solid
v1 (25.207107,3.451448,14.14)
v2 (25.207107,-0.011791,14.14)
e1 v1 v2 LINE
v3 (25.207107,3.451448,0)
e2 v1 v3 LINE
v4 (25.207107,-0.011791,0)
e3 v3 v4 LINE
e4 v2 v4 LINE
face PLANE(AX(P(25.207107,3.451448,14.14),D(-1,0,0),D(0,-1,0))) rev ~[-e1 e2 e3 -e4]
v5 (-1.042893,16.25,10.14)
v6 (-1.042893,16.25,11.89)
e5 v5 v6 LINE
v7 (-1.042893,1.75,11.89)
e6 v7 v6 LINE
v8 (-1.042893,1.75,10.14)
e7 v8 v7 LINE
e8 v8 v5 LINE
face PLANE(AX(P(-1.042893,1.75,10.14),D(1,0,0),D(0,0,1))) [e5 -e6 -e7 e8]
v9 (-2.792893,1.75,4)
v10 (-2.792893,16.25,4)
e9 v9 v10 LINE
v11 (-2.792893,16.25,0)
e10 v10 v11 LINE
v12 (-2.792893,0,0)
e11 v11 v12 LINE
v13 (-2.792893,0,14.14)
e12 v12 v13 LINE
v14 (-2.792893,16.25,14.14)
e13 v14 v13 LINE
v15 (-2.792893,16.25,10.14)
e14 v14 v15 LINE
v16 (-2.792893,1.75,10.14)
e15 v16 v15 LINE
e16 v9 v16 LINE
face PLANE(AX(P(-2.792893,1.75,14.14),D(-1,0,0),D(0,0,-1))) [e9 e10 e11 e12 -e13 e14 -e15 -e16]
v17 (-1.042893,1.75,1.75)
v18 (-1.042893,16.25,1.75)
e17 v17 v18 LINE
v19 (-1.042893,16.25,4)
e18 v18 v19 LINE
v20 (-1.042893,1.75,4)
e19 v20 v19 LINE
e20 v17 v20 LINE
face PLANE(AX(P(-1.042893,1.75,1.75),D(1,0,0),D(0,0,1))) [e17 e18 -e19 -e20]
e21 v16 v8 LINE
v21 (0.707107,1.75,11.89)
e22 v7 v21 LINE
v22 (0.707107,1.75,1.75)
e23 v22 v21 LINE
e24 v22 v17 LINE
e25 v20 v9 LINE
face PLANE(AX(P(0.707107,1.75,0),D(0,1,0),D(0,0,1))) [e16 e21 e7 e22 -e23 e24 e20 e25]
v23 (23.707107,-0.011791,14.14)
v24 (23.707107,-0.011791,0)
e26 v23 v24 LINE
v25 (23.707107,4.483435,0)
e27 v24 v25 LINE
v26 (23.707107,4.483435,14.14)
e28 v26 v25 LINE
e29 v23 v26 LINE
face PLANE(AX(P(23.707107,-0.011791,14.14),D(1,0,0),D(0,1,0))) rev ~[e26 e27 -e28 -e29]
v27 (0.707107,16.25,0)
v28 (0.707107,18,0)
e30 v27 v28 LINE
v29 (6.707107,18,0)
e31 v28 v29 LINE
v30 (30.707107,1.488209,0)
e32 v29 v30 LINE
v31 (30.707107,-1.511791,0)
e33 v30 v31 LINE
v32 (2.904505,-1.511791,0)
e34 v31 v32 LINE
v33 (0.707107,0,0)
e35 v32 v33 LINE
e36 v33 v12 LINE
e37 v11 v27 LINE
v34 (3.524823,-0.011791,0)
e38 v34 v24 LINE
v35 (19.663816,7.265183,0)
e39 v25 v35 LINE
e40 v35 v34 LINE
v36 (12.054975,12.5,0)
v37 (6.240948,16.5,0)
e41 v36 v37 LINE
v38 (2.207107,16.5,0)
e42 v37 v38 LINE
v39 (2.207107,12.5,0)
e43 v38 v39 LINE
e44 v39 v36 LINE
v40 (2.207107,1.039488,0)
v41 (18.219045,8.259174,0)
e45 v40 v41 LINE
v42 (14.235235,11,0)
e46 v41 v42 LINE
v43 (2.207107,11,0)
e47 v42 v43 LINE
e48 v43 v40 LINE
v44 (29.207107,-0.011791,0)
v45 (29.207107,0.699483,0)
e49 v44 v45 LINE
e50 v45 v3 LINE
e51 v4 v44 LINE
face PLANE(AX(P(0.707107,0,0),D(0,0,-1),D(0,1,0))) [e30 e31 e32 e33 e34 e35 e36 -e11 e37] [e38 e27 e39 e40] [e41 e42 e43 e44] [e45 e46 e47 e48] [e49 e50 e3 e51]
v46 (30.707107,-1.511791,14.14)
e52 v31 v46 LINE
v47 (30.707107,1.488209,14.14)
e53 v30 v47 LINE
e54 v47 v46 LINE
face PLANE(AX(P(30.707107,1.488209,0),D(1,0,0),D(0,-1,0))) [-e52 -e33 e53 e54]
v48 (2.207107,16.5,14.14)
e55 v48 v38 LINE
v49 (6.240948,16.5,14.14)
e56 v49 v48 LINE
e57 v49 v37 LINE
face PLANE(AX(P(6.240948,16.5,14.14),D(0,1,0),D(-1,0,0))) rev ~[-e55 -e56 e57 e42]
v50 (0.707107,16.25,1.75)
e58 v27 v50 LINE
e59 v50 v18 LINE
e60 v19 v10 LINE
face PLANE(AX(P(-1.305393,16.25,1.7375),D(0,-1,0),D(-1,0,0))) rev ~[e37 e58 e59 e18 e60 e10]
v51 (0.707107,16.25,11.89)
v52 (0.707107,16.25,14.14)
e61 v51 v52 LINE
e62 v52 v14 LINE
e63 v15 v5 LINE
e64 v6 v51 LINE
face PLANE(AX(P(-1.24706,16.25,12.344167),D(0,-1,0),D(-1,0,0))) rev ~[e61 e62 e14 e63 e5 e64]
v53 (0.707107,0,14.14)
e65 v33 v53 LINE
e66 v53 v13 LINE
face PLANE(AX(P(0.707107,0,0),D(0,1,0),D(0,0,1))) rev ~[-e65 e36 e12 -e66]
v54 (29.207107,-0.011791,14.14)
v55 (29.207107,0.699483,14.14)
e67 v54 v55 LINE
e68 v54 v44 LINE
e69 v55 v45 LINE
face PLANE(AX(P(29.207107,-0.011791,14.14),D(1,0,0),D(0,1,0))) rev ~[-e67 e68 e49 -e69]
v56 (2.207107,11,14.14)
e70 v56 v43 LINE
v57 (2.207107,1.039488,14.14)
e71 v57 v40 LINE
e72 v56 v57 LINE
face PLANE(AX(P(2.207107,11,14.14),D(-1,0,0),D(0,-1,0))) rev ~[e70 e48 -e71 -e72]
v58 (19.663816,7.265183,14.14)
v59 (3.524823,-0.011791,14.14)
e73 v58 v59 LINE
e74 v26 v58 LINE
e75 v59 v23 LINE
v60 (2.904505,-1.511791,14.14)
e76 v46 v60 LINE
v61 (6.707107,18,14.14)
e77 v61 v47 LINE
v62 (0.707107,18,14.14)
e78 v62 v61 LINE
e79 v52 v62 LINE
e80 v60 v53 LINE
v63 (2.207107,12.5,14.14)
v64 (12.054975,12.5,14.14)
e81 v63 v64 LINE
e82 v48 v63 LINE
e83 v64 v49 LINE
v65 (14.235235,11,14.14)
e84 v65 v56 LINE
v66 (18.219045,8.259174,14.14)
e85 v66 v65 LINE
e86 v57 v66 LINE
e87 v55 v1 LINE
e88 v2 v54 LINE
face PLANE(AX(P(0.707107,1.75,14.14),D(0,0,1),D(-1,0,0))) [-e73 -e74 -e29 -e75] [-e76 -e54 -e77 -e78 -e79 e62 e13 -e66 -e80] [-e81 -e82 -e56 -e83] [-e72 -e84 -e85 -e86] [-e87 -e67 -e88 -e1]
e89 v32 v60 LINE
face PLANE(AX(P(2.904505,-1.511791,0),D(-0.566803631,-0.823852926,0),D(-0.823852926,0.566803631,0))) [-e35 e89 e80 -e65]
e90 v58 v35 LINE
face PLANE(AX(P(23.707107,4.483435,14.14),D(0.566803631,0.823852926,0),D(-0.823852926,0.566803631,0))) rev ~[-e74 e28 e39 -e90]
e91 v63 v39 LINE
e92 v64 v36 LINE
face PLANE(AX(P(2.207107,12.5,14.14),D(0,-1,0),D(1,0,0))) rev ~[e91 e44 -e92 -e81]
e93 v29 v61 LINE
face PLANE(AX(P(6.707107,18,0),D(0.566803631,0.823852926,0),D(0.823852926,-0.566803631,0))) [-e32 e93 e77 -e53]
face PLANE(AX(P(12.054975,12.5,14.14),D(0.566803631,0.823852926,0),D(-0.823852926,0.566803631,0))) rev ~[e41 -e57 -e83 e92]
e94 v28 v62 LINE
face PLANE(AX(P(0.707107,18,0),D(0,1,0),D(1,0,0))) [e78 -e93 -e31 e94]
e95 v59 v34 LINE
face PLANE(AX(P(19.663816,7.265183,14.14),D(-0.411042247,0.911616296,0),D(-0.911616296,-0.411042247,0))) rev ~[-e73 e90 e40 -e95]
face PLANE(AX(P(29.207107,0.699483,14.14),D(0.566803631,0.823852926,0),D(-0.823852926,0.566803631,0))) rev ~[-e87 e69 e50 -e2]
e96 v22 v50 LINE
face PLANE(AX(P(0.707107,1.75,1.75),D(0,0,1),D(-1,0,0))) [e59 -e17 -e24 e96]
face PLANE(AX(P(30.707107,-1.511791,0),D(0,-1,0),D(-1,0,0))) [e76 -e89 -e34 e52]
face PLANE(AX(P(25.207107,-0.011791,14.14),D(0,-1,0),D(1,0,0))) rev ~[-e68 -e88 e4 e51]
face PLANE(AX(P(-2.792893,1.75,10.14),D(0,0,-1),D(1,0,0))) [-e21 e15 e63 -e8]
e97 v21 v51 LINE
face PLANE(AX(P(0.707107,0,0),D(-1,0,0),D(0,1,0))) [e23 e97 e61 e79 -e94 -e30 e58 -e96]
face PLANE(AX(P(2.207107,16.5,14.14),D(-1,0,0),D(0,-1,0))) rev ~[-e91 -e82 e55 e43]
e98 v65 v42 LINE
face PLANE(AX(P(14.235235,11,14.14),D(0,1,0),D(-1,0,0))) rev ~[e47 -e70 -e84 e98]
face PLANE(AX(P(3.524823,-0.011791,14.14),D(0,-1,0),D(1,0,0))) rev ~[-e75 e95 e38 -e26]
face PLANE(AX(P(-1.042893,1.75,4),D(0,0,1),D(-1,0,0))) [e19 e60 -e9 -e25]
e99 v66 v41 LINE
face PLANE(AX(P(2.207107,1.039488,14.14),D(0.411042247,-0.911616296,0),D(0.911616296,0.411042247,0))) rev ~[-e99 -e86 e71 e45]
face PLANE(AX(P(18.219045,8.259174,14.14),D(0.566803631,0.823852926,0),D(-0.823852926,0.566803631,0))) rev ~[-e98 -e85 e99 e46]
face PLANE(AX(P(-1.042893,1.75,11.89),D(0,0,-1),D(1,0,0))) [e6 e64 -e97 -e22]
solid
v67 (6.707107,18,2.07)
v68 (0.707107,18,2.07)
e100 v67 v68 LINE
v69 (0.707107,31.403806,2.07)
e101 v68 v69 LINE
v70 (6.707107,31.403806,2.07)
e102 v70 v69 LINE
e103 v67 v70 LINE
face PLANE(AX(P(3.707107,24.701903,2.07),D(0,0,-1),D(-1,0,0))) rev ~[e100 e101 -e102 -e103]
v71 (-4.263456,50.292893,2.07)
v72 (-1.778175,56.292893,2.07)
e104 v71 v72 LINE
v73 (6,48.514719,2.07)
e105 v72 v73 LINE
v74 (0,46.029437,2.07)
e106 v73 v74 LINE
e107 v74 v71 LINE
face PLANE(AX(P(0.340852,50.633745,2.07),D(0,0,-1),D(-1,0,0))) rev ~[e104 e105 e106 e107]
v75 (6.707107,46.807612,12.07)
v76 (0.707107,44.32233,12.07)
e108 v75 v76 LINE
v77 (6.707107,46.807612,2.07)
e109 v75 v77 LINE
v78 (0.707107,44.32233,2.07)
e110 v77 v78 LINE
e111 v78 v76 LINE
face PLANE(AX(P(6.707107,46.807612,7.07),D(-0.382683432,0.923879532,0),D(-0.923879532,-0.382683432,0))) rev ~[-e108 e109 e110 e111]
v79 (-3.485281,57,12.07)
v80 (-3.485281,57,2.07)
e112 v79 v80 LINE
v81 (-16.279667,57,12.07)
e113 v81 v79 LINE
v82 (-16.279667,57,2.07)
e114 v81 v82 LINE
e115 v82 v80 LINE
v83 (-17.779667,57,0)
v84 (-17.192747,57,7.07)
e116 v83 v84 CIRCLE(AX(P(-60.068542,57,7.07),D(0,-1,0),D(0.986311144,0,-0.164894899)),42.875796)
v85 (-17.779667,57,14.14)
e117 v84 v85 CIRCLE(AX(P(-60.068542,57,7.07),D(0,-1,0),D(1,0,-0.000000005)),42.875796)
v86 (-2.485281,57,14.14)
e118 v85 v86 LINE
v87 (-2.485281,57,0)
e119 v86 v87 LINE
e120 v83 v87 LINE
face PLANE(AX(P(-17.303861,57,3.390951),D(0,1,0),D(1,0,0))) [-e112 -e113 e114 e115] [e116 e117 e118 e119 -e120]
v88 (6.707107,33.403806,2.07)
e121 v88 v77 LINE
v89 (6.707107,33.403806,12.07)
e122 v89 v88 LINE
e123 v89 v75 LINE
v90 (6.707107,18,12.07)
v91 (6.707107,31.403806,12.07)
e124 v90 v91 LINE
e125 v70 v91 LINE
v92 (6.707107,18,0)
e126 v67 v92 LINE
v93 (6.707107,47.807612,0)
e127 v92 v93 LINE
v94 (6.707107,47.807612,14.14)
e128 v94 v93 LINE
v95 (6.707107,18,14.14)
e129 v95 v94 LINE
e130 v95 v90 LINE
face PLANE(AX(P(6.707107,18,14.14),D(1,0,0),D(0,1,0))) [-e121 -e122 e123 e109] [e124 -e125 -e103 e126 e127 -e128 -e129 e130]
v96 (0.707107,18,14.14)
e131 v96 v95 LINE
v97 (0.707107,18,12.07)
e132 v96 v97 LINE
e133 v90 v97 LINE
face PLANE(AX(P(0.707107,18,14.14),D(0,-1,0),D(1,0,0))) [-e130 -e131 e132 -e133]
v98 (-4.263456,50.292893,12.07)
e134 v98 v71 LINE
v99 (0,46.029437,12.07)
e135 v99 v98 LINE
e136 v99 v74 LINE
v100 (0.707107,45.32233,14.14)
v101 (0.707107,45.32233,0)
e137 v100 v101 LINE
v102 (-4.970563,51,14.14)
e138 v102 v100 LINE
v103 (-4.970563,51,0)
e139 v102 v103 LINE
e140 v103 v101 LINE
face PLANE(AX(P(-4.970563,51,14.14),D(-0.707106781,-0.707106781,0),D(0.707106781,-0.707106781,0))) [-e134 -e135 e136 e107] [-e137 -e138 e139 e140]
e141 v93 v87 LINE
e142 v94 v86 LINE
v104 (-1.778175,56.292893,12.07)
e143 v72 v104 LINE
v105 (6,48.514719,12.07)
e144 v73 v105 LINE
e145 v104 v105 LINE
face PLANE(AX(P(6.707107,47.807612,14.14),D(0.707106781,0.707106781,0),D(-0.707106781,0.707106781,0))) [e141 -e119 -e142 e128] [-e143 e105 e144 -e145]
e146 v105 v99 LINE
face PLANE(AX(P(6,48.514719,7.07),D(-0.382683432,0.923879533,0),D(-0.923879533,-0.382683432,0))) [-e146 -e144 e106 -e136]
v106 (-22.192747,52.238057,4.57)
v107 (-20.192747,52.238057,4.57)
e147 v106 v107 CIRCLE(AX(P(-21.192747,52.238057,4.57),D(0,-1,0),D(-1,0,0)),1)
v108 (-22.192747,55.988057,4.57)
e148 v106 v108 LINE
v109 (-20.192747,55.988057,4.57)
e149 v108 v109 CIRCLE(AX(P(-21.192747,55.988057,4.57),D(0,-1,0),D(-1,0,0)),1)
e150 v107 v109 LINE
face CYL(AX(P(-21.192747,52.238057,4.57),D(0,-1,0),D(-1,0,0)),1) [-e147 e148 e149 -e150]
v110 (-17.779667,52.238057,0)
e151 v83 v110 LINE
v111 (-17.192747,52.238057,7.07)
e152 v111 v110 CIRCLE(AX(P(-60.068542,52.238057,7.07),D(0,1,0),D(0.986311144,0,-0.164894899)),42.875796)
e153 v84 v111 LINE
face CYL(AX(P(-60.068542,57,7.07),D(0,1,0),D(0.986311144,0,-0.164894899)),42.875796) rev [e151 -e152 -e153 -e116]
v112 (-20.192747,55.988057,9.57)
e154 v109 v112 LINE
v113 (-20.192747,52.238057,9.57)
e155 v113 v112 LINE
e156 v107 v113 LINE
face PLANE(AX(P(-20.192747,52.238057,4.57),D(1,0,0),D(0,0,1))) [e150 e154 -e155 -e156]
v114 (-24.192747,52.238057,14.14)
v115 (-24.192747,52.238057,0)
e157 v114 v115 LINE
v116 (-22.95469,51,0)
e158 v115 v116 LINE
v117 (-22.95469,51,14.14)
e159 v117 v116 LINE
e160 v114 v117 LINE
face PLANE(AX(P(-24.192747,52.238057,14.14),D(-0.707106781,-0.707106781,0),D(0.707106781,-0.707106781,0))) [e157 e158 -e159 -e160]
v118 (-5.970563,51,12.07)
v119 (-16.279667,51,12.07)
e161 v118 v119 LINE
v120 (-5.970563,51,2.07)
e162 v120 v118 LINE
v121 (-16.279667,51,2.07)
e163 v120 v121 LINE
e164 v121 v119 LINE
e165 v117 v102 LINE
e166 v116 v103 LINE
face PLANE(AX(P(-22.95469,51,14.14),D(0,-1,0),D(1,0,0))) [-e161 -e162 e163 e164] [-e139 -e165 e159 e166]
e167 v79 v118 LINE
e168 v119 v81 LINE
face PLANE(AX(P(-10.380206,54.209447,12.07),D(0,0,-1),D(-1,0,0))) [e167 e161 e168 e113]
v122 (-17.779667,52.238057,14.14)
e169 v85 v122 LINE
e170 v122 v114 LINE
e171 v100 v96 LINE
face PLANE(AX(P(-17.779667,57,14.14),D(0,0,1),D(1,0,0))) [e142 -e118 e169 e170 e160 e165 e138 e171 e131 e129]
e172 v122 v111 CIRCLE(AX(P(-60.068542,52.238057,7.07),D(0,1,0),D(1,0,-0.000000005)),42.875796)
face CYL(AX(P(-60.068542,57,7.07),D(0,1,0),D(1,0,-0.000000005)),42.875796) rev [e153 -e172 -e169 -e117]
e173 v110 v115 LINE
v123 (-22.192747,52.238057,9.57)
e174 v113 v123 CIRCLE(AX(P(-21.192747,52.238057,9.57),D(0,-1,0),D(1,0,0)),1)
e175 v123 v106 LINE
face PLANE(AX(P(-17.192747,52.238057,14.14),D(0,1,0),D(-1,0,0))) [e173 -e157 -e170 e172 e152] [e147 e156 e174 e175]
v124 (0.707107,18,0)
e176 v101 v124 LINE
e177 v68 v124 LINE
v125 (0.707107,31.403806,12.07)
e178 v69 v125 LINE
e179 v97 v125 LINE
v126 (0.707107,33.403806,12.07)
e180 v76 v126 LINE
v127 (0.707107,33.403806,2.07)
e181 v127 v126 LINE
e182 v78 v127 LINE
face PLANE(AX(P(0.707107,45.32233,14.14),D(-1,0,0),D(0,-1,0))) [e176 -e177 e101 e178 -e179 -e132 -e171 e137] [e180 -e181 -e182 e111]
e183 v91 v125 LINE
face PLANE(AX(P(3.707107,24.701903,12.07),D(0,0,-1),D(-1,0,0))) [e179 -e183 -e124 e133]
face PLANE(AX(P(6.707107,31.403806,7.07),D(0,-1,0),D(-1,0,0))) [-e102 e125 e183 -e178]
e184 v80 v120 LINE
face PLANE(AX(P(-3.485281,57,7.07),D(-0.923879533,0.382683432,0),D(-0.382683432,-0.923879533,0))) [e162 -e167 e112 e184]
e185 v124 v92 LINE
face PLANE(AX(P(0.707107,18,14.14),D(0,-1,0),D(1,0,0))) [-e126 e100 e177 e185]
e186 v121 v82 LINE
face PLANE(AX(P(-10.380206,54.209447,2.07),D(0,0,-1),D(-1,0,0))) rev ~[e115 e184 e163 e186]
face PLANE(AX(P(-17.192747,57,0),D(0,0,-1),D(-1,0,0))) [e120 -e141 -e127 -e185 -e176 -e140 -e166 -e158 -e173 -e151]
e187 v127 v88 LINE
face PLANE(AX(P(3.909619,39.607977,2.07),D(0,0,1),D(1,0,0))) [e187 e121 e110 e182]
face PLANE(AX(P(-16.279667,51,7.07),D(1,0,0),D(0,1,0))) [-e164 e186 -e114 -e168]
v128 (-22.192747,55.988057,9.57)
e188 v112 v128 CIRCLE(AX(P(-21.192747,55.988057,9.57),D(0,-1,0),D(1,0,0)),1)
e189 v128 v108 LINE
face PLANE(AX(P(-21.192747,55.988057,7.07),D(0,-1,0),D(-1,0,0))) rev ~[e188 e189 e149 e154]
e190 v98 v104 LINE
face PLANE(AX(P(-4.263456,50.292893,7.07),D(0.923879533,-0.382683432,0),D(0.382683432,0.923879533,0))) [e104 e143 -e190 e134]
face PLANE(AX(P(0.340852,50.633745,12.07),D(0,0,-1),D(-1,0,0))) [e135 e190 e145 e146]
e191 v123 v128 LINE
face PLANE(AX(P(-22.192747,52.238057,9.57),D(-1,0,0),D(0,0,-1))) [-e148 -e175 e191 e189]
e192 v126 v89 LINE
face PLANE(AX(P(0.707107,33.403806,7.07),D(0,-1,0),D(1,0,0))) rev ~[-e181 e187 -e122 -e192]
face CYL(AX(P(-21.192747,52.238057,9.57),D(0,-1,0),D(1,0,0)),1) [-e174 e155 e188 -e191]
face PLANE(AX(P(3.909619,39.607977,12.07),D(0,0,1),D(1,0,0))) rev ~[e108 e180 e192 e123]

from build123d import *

# Parameters (mm, degrees)
BOSS_EXTRUDE1_DEPTH = 14.14
CUT_EXTRUDE1_REACH  = 40.3
BOSS_EXTRUDE2_DEPTH = 14.14
BOSS_EXTRUDE8_REACH = 69.576
BOSS_EXTRUDE5_DEPTH = 3.75
SKETCH10_W          = 14.14
SKETCH10_H          = 1.75
BOSS_EXTRUDE6_DEPTH = 3.5
BOSS_EXTRUDE7_DEPTH = 14.5
SKETCH15_W          = 6
SKETCH15_H          = 13.403805922
CUT_EXTRUDE7_DEPTH  = 5


with BuildPart() as part:
    # Sketch1 → Boss-Extrude1 (new body)
    with BuildSketch(Plane.XY):
        Polygon((0.707106781, 0), (0.707106781, 18), (6.707106781, 18), (30.707106781, 1.488209222), (30.707106781, -1.511790778), (2.904504941, -1.511790778), align=None)
    extrude(amount=BOSS_EXTRUDE1_DEPTH)

    # Sketch2 → Cut-Extrude1 (cut, up to next)
    with BuildSketch(Plane.XY.offset(14.14), mode=Mode.PRIVATE) as cut_extrude1_sk1:
        Polygon((2.207106781, 16.5), (2.207106781, 12.5), (12.054974944, 12.5), (6.240947786, 16.5), align=None)
    cut_extrude1_tool1 = extrude(cut_extrude1_sk1.sketch, amount=-CUT_EXTRUDE1_REACH, mode=Mode.PRIVATE) & part.part
    # Sketch2 → Cut-Extrude1 (cut, up to next)
    with BuildSketch(Plane.XY.offset(14.14), mode=Mode.PRIVATE) as cut_extrude1_sk2:
        Polygon((14.235235128, 11), (2.207106781, 11), (2.207106781, 1.039488327), (18.219044647, 8.25917378), align=None)
    cut_extrude1_tool2 = extrude(cut_extrude1_sk2.sketch, amount=-CUT_EXTRUDE1_REACH, mode=Mode.PRIVATE) & part.part
    # Sketch2 → Cut-Extrude1 (cut, up to next)
    with BuildSketch(Plane.XY.offset(14.14), mode=Mode.PRIVATE) as cut_extrude1_sk3:
        Polygon((23.707106781, 4.483434874), (19.663816354, 7.265183441), (3.524822517, -0.011790778), (23.707106781, -0.011790778), align=None)
    cut_extrude1_tool3 = extrude(cut_extrude1_sk3.sketch, amount=-CUT_EXTRUDE1_REACH, mode=Mode.PRIVATE) & part.part
    # Sketch2 → Cut-Extrude1 (cut, up to next)
    with BuildSketch(Plane.XY.offset(14.14), mode=Mode.PRIVATE) as cut_extrude1_sk4:
        Polygon((29.207106781, 0.699482821), (25.207106781, 3.451447951), (25.207106781, -0.011790778), (29.207106781, -0.011790778), align=None)
    cut_extrude1_tool4 = extrude(cut_extrude1_sk4.sketch, amount=-CUT_EXTRUDE1_REACH, mode=Mode.PRIVATE) & part.part
    add(cut_extrude1_tool1.solids().sort_by_distance((5.880456, 14.220782, 14.14))[0], mode=Mode.SUBTRACT)
    add(cut_extrude1_tool2.solids().sort_by_distance((8.231218, 7.334959, 14.14))[0], mode=Mode.SUBTRACT)
    add(cut_extrude1_tool3.solids().sort_by_distance((16.372786, 2.578882, 14.14))[0], mode=Mode.SUBTRACT)
    add(cut_extrude1_tool4.solids().sort_by_distance((26.76762, 1.183019, 14.14))[0], mode=Mode.SUBTRACT)

    # Sketch10 → Boss-Extrude6 (add)
    with BuildSketch(Plane.ZY.offset(-0.707106781)):
        with Locations((7.07, 0.875)):
            Rectangle(SKETCH10_W, SKETCH10_H)
    extrude(amount=BOSS_EXTRUDE6_DEPTH)

    # Sketch11 → Boss-Extrude7 (add)
    with BuildSketch(Plane(origin=(0, 1.75, 0), x_dir=(1, 0, 0), z_dir=(0, 1, 0))):
        Polygon((0.707106781, -14.14), (-2.792893219, -14.14), (-2.792893219, -10.14), (-1.042893219, -10.14), (-1.042893219, -11.89), (0.707106781, -11.89), align=None)
        Polygon((-2.792893219, 0), (0.707106781, 0), (0.707106781, -1.75), (-1.042893219, -1.75), (-1.042893219, -4), (-2.792893219, -4), align=None)
    extrude(amount=BOSS_EXTRUDE7_DEPTH)


with BuildPart() as body_2:
    # Sketch3 → Boss-Extrude2 (new body)
    with BuildSketch(Plane.XY.offset(14.14)):
        Polygon((6.707106781, 47.807611845), (-2.485281374, 57), (-17.192746874, 57), (-17.192746874, 52.238056789), (-24.192746874, 52.238056789), (-22.954690085, 51), (-4.970562748, 51), (0.707106781, 45.32233047), (0.707106781, 18), (6.707106781, 18), align=None)
    extrude(amount=-BOSS_EXTRUDE2_DEPTH)

    # Sketch4 → Boss-Extrude8 (add, up to next)
    with BuildSketch(Plane(origin=(0, 57, 0), x_dir=(1, 0, 0), z_dir=(0, 1, 0)), mode=Mode.PRIVATE) as boss_extrude8_sk1:
        with BuildLine():
            Line((-17.192746874, -14.14), (-17.192746874, -7.069999811))
            ThreePointArc((-17.192746874, -7.069999811), (-17.339728951, -10.617159889), (-17.779667479, -14.14))
            Line((-17.779667479, -14.14), (-17.192746874, -14.14))
        make_face()
    boss_extrude8_tool1 = extrude(boss_extrude8_sk1.sketch, amount=-BOSS_EXTRUDE8_REACH, mode=Mode.PRIVATE) - body_2.part
    # Sketch4 → Boss-Extrude8 (add, up to next)
    with BuildSketch(Plane(origin=(0, 57, 0), x_dir=(1, 0, 0), z_dir=(0, 1, 0)), mode=Mode.PRIVATE) as boss_extrude8_sk2:
        with BuildLine():
            Line((-17.192746874, 0), (-17.779667479, 0))
            ThreePointArc((-17.779667479, 0), (-17.339728967, -3.522839922), (-17.192746874, -7.069999811))
            Line((-17.192746874, -7.069999811), (-17.192746874, 0))
        make_face()
    boss_extrude8_tool2 = extrude(boss_extrude8_sk2.sketch, amount=-BOSS_EXTRUDE8_REACH, mode=Mode.PRIVATE) - body_2.part
    add(boss_extrude8_tool1.solids().sort_by_distance((-17.368615, 57, 12.374929))[0])
    add(boss_extrude8_tool2.solids().sort_by_distance((-17.368615, 57, 1.765071))[0])

    # Sketch9 → Boss-Extrude5 (add)
    with BuildSketch(Plane(origin=(0, 52.238056789, 0), x_dir=(1, 0, 0), z_dir=(0, 1, 0))):
        with BuildLine():
            Line((-20.192746874, -4.57), (-20.192746874, -9.57))
            ThreePointArc((-20.192746874, -9.57), (-21.192746874, -10.57), (-22.192746874, -9.57))
            Line((-22.192746874, -9.57), (-22.192746874, -4.57))
            ThreePointArc((-22.192746874, -4.57), (-21.192746874, -3.57), (-20.192746874, -4.57))
        make_face()
    extrude(amount=BOSS_EXTRUDE5_DEPTH)

    # Sketch15 → Cut-Extrude7 (cut, symmetric)
    with BuildSketch(Plane(origin=(0, 0, 7.07), x_dir=(-1, 0, 0), z_dir=(0, 0, -1))):
        Polygon((16.279667479, 51), (16.279667479, 57), (3.485281374, 57), (5.970562748, 51), align=None)
        Polygon((-6.707106781, 46.807611845), (-0.707106781, 44.32233047), (-0.707106781, 33.403805922), (-6.707106781, 33.403805922), align=None)
        Polygon((-6, 48.514718626), (0, 46.029437252), (4.263455967, 50.292893219), (1.778174593, 56.292893219), align=None)
        with Locations((-3.707106781, 24.701902961)):
            Rectangle(SKETCH15_W, SKETCH15_H)
    extrude(amount=CUT_EXTRUDE7_DEPTH, both=True, mode=Mode.SUBTRACT)


solid = Compound([part.part, body_2.part])
